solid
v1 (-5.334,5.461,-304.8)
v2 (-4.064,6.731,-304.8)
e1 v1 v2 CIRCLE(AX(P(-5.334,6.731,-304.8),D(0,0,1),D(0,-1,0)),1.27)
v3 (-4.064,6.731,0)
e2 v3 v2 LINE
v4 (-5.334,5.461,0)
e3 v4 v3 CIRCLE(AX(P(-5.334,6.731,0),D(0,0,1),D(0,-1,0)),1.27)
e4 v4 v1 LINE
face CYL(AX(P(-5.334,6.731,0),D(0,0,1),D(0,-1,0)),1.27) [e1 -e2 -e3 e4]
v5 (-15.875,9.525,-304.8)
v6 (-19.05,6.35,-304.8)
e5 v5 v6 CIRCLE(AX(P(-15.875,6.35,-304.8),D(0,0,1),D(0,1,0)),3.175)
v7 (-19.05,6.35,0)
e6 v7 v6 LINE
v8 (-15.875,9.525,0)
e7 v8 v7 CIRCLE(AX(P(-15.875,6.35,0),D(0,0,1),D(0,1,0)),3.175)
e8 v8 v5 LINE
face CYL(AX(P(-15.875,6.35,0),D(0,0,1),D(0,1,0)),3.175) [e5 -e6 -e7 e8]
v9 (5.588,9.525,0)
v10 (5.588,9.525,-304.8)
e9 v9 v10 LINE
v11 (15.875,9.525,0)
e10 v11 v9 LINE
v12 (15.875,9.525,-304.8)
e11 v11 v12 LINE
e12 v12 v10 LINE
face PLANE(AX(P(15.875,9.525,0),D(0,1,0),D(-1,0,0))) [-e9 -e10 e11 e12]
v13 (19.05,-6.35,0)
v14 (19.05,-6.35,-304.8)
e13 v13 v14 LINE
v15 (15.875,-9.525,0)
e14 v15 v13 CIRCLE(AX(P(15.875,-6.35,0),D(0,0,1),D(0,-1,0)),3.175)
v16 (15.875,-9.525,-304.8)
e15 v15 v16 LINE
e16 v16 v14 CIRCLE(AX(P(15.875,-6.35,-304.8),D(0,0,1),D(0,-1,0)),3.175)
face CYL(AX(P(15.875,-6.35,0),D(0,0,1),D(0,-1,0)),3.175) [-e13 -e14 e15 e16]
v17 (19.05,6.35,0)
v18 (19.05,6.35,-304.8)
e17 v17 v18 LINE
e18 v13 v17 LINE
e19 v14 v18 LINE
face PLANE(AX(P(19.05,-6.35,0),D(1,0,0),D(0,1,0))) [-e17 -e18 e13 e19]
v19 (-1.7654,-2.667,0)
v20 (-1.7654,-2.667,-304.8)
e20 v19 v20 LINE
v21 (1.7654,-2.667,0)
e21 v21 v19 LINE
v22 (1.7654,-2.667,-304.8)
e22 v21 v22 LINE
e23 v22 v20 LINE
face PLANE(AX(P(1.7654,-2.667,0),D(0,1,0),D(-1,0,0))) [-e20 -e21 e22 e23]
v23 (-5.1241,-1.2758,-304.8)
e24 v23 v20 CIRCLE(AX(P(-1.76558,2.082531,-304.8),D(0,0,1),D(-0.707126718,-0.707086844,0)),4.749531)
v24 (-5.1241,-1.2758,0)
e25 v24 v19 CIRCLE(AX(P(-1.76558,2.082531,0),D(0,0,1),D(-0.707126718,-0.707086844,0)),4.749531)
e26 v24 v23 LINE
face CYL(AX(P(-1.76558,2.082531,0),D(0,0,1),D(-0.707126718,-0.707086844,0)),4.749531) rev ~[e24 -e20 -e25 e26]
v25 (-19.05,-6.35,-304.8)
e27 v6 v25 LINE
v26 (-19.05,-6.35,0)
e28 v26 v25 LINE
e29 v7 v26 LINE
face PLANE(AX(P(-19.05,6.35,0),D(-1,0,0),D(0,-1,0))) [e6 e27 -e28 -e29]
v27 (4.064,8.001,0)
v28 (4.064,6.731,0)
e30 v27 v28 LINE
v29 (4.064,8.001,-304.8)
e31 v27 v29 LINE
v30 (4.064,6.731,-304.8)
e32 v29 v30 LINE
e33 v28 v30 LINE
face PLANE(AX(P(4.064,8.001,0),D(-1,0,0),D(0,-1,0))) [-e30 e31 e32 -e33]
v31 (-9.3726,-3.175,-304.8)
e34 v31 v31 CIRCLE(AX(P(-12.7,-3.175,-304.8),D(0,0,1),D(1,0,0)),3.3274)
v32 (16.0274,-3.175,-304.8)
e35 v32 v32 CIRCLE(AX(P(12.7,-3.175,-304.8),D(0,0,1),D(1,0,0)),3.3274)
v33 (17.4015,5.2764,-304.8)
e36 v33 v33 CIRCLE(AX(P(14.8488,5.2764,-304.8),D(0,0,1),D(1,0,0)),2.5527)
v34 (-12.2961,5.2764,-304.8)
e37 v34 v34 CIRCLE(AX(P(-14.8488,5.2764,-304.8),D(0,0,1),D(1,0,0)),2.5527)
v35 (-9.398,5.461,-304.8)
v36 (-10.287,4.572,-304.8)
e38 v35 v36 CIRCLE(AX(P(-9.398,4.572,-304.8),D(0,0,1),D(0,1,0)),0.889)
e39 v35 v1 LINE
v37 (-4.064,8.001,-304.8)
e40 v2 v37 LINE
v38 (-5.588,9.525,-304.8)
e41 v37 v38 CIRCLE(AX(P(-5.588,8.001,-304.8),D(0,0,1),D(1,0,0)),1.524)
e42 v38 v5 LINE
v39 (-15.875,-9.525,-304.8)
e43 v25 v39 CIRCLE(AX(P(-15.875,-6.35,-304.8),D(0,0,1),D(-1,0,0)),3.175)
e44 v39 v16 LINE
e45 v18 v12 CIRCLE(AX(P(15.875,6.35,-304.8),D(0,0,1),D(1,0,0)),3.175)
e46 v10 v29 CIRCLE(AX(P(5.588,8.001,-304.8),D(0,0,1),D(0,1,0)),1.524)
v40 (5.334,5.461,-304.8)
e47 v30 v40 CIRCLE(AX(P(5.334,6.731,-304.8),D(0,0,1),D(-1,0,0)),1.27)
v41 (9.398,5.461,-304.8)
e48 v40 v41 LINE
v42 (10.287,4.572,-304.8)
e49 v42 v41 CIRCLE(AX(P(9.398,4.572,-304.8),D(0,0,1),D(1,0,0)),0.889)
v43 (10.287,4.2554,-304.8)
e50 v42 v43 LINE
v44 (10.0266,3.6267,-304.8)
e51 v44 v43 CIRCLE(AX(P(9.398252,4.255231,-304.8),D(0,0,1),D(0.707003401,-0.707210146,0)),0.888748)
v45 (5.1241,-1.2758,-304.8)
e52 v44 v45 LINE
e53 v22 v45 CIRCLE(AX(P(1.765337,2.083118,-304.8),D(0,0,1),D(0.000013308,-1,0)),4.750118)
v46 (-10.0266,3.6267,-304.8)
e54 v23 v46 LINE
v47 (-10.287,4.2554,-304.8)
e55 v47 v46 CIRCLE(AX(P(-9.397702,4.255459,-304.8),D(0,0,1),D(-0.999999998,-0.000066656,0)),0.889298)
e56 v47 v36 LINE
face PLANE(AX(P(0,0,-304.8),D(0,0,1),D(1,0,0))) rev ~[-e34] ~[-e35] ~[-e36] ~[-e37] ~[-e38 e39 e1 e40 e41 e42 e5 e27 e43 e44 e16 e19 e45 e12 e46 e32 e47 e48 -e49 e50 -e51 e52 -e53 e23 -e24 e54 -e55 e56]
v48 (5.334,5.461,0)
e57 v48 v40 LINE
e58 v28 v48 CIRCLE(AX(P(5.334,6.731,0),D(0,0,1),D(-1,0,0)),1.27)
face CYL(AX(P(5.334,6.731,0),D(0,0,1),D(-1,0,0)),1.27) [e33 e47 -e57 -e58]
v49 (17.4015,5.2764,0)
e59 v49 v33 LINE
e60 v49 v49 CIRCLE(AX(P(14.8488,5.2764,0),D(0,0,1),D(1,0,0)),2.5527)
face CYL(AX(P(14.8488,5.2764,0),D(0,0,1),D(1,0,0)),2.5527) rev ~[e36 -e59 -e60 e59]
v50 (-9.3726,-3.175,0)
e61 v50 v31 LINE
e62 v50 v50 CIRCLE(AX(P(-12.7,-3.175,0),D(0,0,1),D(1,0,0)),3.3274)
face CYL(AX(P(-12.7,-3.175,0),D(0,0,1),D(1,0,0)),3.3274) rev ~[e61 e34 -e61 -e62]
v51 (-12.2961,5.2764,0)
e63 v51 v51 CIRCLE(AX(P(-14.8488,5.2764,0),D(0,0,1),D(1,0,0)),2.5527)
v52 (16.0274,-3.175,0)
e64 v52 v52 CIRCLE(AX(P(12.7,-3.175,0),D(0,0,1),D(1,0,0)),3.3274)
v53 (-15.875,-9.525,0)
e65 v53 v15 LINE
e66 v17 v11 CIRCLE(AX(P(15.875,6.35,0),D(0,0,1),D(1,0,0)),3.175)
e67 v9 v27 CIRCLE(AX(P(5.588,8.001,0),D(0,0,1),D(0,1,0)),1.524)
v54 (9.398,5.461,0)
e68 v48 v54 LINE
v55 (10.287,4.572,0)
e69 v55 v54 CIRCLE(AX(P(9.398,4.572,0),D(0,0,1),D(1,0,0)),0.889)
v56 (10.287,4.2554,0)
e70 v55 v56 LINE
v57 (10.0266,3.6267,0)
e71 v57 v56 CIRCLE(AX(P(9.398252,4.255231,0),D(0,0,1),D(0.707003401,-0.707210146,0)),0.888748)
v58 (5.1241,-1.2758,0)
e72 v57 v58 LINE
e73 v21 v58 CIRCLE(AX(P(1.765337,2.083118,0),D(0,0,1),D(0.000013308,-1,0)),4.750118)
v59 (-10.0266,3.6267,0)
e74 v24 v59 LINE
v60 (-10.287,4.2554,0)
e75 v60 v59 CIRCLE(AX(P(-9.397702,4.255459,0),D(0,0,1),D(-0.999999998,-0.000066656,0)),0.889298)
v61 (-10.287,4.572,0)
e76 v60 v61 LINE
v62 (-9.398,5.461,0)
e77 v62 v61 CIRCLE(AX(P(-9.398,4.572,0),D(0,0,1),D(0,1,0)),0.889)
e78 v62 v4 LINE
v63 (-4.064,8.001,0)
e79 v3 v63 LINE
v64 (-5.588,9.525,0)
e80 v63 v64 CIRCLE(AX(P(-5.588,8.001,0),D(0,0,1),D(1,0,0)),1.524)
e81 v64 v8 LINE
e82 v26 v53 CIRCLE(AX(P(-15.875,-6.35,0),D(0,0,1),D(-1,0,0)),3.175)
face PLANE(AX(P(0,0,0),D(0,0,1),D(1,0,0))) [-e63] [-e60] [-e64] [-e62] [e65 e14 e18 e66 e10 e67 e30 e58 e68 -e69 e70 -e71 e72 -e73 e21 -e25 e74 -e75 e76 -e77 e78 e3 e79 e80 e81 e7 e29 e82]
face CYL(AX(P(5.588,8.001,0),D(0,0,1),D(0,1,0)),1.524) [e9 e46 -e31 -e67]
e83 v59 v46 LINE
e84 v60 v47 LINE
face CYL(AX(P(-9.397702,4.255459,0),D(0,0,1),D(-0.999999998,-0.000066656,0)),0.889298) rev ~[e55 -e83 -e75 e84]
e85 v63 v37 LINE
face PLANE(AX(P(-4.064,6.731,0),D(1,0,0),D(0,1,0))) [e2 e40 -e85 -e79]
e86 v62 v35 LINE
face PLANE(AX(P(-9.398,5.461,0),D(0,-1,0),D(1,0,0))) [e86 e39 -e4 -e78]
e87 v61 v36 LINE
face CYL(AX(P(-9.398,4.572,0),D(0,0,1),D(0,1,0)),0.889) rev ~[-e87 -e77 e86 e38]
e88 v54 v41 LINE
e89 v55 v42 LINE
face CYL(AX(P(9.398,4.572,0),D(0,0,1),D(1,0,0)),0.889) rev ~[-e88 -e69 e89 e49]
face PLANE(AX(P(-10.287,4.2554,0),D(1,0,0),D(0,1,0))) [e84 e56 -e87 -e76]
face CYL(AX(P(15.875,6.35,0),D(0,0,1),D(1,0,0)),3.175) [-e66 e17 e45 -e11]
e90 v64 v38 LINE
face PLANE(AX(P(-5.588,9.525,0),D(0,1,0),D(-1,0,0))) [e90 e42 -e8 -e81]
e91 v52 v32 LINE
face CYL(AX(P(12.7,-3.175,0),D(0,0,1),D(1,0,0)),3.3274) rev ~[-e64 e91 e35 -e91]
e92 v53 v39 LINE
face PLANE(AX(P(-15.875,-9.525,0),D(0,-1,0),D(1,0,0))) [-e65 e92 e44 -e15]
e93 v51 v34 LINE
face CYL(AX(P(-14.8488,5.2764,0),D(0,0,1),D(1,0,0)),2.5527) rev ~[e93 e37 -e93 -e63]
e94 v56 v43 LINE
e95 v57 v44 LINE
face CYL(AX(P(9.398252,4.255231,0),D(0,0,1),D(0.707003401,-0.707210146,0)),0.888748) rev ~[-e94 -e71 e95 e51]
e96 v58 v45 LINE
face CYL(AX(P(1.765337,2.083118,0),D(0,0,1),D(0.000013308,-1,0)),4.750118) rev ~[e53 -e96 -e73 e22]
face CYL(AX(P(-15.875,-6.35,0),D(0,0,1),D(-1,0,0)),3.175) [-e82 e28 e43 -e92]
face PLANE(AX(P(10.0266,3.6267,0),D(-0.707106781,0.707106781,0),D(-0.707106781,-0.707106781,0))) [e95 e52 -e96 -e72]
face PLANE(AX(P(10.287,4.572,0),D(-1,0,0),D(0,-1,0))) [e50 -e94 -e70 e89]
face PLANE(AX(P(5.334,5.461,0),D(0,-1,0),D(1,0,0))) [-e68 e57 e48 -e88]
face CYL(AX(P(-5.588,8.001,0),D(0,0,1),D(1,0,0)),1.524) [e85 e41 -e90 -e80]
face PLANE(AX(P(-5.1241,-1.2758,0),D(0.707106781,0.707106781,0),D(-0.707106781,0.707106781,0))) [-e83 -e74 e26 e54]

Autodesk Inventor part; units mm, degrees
ref_plane "YZ Plane" through (0, 0, 0) normal (1, 0, 0) x (0, 1, 0)
ref_plane "XZ Plane" through (0, 0, 0) normal (0, 1, 0) x (-1, 0, 0)
ref_plane "XY Plane" through (0, 0, 0) normal (0, 0, 1) x (1, 0, 0)
sketch "Sketch1" plane through (0, 0, 0) normal (0, 0, 1) x (1, 0, 0)
  circle A0 centre (14.8488, 5.2764) radius 2.5527
  circle A1 centre (12.7, -3.175) radius 3.3274
  circle A2 centre (-12.7, -3.175) radius 3.3274
  circle A3 centre (-14.8488, 5.2764) radius 2.5527
  arc A4 (-9.398, 5.461) -> (-10.287, 4.572) centre (-9.398, 4.572) ccw
  line L0 (-9.398, 5.461) -> (-5.334, 5.461)
  arc A5 (-5.334, 5.461) -> (-4.064, 6.731) centre (-5.334, 6.731) ccw
  line L1 (-4.064, 6.731) -> (-4.064, 8.001)
  arc A6 (-4.064, 8.001) -> (-5.588, 9.525) centre (-5.588, 8.001) ccw
  line L2 (-5.588, 9.525) -> (-15.875, 9.525)
  arc A7 (-15.875, 9.525) -> (-19.05, 6.35) centre (-15.875, 6.35) ccw
  line L3 (-19.05, 6.35) -> (-19.05, -6.35)
  arc A8 (-19.05, -6.35) -> (-15.875, -9.525) centre (-15.875, -6.35) ccw
  line L4 (-15.875, -9.525) -> (15.875, -9.525)
  arc A9 (15.875, -9.525) -> (19.05, -6.35) centre (15.875, -6.35) ccw
  line L5 (19.05, -6.35) -> (19.05, 6.35)
  arc A10 (19.05, 6.35) -> (15.875, 9.525) centre (15.875, 6.35) ccw
  line L6 (15.875, 9.525) -> (5.588, 9.525)
  arc A11 (5.588, 9.525) -> (4.064, 8.001) centre (5.588, 8.001) ccw
  line L7 (4.064, 8.001) -> (4.064, 6.731)
  arc A12 (4.064, 6.731) -> (5.334, 5.461) centre (5.334, 6.731) ccw
  line L8 (5.334, 5.461) -> (9.398, 5.461)
  arc A13 (10.287, 4.572) -> (9.398, 5.461) centre (9.398, 4.572) ccw
  line L9 (10.287, 4.572) -> (10.287, 4.2554)
  arc A14 (10.0266, 3.6267) -> (10.287, 4.2554) centre (9.398, 4.2554) ccw
  line L10 (10.0266, 3.6267) -> (5.1241, -1.2758)
  arc A15 (1.7654, -2.667) -> (5.1241, -1.2758) centre (1.7654, 2.0828) ccw
  line L11 (1.7654, -2.667) -> (-1.7654, -2.667)
  arc A16 (-5.1241, -1.2758) -> (-1.7654, -2.667) centre (-1.7654, 2.0828) ccw
  line L12 (-5.1241, -1.2758) -> (-10.0266, 3.6267)
  arc A17 (-10.287, 4.2554) -> (-10.0266, 3.6267) centre (-9.398, 4.2554) ccw
  line L13 (-10.287, 4.2554) -> (-10.287, 4.572)
  point P0 (0, 0)
extrude "Extrusion1" add sketch "Sketch1" against normal blind 304.8
properties part number "1575"
